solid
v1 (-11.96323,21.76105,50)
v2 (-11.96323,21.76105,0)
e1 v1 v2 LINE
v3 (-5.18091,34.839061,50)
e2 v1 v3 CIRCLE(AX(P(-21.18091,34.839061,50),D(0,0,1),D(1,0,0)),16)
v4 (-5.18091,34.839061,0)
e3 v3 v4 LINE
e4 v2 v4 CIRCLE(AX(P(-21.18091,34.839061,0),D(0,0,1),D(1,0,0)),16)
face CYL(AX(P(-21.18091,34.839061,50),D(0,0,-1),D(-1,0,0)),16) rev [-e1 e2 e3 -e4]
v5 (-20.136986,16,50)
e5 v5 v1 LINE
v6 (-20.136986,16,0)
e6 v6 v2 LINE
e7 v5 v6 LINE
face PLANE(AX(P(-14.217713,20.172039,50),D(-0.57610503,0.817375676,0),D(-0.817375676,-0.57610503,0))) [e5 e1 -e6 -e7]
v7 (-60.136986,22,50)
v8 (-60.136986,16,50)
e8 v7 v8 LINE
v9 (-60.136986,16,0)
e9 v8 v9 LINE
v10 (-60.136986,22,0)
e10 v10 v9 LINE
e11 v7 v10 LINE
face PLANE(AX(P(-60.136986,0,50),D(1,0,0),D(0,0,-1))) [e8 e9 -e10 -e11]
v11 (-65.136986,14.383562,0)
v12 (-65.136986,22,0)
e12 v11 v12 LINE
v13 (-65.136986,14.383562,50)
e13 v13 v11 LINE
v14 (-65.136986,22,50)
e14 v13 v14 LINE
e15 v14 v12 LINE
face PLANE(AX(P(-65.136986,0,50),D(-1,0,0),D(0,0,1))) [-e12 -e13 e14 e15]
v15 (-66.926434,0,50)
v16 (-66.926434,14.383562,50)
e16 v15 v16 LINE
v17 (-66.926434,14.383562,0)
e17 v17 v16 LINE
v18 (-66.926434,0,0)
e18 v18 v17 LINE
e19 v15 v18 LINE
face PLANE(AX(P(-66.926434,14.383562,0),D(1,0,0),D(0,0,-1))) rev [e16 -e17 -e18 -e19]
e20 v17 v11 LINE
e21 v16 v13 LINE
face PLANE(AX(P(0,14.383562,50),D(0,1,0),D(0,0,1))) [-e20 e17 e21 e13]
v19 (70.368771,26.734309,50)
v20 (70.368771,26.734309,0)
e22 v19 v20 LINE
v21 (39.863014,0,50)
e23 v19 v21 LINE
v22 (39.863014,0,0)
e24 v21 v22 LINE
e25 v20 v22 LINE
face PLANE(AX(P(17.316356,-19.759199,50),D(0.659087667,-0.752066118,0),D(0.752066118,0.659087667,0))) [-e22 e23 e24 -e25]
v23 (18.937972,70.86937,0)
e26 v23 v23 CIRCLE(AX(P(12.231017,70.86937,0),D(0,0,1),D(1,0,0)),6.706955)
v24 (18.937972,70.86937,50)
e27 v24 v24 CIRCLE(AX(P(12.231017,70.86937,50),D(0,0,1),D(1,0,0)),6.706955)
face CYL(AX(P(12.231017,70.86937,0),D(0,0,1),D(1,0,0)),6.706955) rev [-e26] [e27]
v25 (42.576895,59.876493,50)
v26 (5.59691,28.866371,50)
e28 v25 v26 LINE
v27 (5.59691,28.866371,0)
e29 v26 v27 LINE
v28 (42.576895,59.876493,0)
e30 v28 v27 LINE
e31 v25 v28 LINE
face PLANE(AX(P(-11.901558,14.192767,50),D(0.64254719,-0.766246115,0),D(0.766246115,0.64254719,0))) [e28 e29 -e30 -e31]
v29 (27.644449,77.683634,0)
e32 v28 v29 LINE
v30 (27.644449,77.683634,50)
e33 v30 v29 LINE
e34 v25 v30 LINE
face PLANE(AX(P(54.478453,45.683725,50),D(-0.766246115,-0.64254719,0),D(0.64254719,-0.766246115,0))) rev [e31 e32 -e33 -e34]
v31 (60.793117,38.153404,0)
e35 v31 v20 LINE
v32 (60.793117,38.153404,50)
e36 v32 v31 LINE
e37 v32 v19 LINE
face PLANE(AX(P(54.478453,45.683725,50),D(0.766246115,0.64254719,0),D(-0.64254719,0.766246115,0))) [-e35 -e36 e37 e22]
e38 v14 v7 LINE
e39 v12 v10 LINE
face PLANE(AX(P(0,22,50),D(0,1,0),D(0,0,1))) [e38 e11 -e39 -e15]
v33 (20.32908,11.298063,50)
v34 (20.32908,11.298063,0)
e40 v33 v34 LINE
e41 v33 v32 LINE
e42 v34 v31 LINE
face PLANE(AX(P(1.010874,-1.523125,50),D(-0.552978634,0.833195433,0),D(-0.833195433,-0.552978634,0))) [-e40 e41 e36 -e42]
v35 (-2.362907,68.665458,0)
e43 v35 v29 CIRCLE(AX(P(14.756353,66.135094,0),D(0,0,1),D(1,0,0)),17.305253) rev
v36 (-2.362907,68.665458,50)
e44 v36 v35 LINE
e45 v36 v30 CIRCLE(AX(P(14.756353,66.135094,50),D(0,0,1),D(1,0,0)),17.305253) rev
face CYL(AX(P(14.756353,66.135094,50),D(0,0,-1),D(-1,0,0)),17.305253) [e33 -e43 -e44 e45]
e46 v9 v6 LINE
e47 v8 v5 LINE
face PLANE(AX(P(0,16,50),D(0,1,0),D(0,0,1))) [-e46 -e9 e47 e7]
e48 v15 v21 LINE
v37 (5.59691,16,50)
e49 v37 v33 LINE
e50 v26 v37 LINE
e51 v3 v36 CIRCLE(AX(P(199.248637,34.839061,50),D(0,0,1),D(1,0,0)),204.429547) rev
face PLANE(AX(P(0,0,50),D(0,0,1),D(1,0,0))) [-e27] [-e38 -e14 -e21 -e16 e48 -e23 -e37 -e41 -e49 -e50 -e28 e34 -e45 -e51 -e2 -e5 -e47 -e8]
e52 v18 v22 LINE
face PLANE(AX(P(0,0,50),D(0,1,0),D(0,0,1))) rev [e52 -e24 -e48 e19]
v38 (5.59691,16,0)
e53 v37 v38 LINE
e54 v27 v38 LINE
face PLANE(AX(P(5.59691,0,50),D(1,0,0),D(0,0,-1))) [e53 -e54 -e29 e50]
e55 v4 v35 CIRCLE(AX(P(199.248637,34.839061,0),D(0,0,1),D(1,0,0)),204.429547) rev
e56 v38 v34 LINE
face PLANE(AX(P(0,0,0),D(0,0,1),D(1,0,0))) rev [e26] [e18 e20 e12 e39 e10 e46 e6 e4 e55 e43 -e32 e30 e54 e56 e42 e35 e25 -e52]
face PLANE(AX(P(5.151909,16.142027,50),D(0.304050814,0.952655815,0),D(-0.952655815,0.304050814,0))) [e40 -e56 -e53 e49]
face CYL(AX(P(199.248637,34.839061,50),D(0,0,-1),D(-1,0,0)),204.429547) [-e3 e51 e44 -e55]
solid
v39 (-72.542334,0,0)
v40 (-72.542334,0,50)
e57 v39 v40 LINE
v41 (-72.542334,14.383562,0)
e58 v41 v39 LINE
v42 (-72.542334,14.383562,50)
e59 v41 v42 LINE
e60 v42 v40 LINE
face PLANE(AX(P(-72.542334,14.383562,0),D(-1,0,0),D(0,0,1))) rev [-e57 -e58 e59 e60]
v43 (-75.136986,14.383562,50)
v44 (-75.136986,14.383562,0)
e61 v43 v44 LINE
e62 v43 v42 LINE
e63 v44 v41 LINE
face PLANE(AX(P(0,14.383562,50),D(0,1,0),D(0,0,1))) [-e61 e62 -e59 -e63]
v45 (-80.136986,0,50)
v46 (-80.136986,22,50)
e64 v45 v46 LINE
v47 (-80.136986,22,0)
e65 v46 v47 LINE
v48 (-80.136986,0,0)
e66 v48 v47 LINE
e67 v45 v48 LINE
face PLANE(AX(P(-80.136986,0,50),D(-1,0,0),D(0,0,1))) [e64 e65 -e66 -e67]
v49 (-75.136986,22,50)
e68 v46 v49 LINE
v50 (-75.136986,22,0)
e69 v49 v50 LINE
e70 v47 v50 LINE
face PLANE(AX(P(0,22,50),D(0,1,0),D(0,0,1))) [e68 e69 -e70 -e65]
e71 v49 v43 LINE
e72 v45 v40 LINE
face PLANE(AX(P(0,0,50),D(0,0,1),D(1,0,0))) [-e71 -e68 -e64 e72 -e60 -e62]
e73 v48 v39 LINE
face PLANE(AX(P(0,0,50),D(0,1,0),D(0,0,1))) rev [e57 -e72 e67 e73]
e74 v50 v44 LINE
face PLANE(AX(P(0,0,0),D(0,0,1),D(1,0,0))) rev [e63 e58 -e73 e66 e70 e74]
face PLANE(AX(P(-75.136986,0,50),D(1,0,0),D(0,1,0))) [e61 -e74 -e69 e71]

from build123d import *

# Parameters (mm, degrees)
BOSS_EXTRUDE1_DEPTH = 50
SKETCH2_R           = 6.706955273
CUT_EXTRUDE1_DEPTH  = 50
SKETCH3_W           = 5.615900211
SKETCH3_H           = 17.85801338
CUT_EXTRUDE3_DEPTH  = 50


with BuildPart() as part:
    # Sketch1 → Boss-Extrude1 (new body)
    with BuildSketch(Plane.XY):
        with BuildLine():
            Line((-80.136986301, 22), (-80.136986301, 0))
            Line((-80.136986301, 0), (39.863013699, 0))
            Line((39.863013699, 0), (70.368770652, 26.734309258))
            Line((70.368770652, 26.734309258), (60.793116967, 38.153404294))
            Line((60.793116967, 38.153404294), (20.329079656, 11.29806257))
            Line((20.329079656, 11.29806257), (5.596910467, 16))
            Line((5.596910467, 16), (5.596910467, 28.866371282))
            Line((5.596910467, 28.866371282), (42.576894843, 59.876492709))
            Line((42.576894843, 59.876492709), (28.374143533, 76.813463522))
            Line((28.374143533, 76.813463522), (27.644448799, 77.683634248))
            ThreePointArc((27.644448799, 77.683634248), (9.775633658, 82.708091174), (-2.362906797, 68.665457606))
            ThreePointArc((-2.362906797, 68.665457606), (-4.475191094, 51.810848299), (-5.180910018, 34.839061104))
            ThreePointArc((-5.180910018, 34.839061104), (-6.977338503, 27.473020361), (-11.963229546, 21.761050295))
            Line((-11.963229546, 21.761050295), (-20.136986301, 16))
            Line((-20.136986301, 16), (-60.136986301, 16))
            Line((-60.136986301, 16), (-60.136986301, 22))
            Line((-60.136986301, 22), (-65.136986301, 22))
            Line((-65.136986301, 22), (-65.136986301, 14.383561644))
            Line((-65.136986301, 14.383561644), (-75.136986301, 14.383561644))
            Line((-75.136986301, 14.383561644), (-75.136986301, 22))
            Line((-75.136986301, 22), (-80.136986301, 22))
        make_face()
    extrude(amount=BOSS_EXTRUDE1_DEPTH)

    # Sketch2 → Cut-Extrude1 (cut)
    with BuildSketch(Plane.XY.offset(50)):
        with Locations((12.231016626, 70.8693701)):
            Circle(SKETCH2_R)
    extrude(amount=-CUT_EXTRUDE1_DEPTH, mode=Mode.SUBTRACT)

    # Sketch3 → Cut-Extrude3 (cut)
    with BuildSketch(Plane.XY.offset(50)):
        with Locations((-69.734384067, 5.454554954)):
            Rectangle(SKETCH3_W, SKETCH3_H)
    extrude(amount=-CUT_EXTRUDE3_DEPTH, mode=Mode.SUBTRACT)


solid = part.part
